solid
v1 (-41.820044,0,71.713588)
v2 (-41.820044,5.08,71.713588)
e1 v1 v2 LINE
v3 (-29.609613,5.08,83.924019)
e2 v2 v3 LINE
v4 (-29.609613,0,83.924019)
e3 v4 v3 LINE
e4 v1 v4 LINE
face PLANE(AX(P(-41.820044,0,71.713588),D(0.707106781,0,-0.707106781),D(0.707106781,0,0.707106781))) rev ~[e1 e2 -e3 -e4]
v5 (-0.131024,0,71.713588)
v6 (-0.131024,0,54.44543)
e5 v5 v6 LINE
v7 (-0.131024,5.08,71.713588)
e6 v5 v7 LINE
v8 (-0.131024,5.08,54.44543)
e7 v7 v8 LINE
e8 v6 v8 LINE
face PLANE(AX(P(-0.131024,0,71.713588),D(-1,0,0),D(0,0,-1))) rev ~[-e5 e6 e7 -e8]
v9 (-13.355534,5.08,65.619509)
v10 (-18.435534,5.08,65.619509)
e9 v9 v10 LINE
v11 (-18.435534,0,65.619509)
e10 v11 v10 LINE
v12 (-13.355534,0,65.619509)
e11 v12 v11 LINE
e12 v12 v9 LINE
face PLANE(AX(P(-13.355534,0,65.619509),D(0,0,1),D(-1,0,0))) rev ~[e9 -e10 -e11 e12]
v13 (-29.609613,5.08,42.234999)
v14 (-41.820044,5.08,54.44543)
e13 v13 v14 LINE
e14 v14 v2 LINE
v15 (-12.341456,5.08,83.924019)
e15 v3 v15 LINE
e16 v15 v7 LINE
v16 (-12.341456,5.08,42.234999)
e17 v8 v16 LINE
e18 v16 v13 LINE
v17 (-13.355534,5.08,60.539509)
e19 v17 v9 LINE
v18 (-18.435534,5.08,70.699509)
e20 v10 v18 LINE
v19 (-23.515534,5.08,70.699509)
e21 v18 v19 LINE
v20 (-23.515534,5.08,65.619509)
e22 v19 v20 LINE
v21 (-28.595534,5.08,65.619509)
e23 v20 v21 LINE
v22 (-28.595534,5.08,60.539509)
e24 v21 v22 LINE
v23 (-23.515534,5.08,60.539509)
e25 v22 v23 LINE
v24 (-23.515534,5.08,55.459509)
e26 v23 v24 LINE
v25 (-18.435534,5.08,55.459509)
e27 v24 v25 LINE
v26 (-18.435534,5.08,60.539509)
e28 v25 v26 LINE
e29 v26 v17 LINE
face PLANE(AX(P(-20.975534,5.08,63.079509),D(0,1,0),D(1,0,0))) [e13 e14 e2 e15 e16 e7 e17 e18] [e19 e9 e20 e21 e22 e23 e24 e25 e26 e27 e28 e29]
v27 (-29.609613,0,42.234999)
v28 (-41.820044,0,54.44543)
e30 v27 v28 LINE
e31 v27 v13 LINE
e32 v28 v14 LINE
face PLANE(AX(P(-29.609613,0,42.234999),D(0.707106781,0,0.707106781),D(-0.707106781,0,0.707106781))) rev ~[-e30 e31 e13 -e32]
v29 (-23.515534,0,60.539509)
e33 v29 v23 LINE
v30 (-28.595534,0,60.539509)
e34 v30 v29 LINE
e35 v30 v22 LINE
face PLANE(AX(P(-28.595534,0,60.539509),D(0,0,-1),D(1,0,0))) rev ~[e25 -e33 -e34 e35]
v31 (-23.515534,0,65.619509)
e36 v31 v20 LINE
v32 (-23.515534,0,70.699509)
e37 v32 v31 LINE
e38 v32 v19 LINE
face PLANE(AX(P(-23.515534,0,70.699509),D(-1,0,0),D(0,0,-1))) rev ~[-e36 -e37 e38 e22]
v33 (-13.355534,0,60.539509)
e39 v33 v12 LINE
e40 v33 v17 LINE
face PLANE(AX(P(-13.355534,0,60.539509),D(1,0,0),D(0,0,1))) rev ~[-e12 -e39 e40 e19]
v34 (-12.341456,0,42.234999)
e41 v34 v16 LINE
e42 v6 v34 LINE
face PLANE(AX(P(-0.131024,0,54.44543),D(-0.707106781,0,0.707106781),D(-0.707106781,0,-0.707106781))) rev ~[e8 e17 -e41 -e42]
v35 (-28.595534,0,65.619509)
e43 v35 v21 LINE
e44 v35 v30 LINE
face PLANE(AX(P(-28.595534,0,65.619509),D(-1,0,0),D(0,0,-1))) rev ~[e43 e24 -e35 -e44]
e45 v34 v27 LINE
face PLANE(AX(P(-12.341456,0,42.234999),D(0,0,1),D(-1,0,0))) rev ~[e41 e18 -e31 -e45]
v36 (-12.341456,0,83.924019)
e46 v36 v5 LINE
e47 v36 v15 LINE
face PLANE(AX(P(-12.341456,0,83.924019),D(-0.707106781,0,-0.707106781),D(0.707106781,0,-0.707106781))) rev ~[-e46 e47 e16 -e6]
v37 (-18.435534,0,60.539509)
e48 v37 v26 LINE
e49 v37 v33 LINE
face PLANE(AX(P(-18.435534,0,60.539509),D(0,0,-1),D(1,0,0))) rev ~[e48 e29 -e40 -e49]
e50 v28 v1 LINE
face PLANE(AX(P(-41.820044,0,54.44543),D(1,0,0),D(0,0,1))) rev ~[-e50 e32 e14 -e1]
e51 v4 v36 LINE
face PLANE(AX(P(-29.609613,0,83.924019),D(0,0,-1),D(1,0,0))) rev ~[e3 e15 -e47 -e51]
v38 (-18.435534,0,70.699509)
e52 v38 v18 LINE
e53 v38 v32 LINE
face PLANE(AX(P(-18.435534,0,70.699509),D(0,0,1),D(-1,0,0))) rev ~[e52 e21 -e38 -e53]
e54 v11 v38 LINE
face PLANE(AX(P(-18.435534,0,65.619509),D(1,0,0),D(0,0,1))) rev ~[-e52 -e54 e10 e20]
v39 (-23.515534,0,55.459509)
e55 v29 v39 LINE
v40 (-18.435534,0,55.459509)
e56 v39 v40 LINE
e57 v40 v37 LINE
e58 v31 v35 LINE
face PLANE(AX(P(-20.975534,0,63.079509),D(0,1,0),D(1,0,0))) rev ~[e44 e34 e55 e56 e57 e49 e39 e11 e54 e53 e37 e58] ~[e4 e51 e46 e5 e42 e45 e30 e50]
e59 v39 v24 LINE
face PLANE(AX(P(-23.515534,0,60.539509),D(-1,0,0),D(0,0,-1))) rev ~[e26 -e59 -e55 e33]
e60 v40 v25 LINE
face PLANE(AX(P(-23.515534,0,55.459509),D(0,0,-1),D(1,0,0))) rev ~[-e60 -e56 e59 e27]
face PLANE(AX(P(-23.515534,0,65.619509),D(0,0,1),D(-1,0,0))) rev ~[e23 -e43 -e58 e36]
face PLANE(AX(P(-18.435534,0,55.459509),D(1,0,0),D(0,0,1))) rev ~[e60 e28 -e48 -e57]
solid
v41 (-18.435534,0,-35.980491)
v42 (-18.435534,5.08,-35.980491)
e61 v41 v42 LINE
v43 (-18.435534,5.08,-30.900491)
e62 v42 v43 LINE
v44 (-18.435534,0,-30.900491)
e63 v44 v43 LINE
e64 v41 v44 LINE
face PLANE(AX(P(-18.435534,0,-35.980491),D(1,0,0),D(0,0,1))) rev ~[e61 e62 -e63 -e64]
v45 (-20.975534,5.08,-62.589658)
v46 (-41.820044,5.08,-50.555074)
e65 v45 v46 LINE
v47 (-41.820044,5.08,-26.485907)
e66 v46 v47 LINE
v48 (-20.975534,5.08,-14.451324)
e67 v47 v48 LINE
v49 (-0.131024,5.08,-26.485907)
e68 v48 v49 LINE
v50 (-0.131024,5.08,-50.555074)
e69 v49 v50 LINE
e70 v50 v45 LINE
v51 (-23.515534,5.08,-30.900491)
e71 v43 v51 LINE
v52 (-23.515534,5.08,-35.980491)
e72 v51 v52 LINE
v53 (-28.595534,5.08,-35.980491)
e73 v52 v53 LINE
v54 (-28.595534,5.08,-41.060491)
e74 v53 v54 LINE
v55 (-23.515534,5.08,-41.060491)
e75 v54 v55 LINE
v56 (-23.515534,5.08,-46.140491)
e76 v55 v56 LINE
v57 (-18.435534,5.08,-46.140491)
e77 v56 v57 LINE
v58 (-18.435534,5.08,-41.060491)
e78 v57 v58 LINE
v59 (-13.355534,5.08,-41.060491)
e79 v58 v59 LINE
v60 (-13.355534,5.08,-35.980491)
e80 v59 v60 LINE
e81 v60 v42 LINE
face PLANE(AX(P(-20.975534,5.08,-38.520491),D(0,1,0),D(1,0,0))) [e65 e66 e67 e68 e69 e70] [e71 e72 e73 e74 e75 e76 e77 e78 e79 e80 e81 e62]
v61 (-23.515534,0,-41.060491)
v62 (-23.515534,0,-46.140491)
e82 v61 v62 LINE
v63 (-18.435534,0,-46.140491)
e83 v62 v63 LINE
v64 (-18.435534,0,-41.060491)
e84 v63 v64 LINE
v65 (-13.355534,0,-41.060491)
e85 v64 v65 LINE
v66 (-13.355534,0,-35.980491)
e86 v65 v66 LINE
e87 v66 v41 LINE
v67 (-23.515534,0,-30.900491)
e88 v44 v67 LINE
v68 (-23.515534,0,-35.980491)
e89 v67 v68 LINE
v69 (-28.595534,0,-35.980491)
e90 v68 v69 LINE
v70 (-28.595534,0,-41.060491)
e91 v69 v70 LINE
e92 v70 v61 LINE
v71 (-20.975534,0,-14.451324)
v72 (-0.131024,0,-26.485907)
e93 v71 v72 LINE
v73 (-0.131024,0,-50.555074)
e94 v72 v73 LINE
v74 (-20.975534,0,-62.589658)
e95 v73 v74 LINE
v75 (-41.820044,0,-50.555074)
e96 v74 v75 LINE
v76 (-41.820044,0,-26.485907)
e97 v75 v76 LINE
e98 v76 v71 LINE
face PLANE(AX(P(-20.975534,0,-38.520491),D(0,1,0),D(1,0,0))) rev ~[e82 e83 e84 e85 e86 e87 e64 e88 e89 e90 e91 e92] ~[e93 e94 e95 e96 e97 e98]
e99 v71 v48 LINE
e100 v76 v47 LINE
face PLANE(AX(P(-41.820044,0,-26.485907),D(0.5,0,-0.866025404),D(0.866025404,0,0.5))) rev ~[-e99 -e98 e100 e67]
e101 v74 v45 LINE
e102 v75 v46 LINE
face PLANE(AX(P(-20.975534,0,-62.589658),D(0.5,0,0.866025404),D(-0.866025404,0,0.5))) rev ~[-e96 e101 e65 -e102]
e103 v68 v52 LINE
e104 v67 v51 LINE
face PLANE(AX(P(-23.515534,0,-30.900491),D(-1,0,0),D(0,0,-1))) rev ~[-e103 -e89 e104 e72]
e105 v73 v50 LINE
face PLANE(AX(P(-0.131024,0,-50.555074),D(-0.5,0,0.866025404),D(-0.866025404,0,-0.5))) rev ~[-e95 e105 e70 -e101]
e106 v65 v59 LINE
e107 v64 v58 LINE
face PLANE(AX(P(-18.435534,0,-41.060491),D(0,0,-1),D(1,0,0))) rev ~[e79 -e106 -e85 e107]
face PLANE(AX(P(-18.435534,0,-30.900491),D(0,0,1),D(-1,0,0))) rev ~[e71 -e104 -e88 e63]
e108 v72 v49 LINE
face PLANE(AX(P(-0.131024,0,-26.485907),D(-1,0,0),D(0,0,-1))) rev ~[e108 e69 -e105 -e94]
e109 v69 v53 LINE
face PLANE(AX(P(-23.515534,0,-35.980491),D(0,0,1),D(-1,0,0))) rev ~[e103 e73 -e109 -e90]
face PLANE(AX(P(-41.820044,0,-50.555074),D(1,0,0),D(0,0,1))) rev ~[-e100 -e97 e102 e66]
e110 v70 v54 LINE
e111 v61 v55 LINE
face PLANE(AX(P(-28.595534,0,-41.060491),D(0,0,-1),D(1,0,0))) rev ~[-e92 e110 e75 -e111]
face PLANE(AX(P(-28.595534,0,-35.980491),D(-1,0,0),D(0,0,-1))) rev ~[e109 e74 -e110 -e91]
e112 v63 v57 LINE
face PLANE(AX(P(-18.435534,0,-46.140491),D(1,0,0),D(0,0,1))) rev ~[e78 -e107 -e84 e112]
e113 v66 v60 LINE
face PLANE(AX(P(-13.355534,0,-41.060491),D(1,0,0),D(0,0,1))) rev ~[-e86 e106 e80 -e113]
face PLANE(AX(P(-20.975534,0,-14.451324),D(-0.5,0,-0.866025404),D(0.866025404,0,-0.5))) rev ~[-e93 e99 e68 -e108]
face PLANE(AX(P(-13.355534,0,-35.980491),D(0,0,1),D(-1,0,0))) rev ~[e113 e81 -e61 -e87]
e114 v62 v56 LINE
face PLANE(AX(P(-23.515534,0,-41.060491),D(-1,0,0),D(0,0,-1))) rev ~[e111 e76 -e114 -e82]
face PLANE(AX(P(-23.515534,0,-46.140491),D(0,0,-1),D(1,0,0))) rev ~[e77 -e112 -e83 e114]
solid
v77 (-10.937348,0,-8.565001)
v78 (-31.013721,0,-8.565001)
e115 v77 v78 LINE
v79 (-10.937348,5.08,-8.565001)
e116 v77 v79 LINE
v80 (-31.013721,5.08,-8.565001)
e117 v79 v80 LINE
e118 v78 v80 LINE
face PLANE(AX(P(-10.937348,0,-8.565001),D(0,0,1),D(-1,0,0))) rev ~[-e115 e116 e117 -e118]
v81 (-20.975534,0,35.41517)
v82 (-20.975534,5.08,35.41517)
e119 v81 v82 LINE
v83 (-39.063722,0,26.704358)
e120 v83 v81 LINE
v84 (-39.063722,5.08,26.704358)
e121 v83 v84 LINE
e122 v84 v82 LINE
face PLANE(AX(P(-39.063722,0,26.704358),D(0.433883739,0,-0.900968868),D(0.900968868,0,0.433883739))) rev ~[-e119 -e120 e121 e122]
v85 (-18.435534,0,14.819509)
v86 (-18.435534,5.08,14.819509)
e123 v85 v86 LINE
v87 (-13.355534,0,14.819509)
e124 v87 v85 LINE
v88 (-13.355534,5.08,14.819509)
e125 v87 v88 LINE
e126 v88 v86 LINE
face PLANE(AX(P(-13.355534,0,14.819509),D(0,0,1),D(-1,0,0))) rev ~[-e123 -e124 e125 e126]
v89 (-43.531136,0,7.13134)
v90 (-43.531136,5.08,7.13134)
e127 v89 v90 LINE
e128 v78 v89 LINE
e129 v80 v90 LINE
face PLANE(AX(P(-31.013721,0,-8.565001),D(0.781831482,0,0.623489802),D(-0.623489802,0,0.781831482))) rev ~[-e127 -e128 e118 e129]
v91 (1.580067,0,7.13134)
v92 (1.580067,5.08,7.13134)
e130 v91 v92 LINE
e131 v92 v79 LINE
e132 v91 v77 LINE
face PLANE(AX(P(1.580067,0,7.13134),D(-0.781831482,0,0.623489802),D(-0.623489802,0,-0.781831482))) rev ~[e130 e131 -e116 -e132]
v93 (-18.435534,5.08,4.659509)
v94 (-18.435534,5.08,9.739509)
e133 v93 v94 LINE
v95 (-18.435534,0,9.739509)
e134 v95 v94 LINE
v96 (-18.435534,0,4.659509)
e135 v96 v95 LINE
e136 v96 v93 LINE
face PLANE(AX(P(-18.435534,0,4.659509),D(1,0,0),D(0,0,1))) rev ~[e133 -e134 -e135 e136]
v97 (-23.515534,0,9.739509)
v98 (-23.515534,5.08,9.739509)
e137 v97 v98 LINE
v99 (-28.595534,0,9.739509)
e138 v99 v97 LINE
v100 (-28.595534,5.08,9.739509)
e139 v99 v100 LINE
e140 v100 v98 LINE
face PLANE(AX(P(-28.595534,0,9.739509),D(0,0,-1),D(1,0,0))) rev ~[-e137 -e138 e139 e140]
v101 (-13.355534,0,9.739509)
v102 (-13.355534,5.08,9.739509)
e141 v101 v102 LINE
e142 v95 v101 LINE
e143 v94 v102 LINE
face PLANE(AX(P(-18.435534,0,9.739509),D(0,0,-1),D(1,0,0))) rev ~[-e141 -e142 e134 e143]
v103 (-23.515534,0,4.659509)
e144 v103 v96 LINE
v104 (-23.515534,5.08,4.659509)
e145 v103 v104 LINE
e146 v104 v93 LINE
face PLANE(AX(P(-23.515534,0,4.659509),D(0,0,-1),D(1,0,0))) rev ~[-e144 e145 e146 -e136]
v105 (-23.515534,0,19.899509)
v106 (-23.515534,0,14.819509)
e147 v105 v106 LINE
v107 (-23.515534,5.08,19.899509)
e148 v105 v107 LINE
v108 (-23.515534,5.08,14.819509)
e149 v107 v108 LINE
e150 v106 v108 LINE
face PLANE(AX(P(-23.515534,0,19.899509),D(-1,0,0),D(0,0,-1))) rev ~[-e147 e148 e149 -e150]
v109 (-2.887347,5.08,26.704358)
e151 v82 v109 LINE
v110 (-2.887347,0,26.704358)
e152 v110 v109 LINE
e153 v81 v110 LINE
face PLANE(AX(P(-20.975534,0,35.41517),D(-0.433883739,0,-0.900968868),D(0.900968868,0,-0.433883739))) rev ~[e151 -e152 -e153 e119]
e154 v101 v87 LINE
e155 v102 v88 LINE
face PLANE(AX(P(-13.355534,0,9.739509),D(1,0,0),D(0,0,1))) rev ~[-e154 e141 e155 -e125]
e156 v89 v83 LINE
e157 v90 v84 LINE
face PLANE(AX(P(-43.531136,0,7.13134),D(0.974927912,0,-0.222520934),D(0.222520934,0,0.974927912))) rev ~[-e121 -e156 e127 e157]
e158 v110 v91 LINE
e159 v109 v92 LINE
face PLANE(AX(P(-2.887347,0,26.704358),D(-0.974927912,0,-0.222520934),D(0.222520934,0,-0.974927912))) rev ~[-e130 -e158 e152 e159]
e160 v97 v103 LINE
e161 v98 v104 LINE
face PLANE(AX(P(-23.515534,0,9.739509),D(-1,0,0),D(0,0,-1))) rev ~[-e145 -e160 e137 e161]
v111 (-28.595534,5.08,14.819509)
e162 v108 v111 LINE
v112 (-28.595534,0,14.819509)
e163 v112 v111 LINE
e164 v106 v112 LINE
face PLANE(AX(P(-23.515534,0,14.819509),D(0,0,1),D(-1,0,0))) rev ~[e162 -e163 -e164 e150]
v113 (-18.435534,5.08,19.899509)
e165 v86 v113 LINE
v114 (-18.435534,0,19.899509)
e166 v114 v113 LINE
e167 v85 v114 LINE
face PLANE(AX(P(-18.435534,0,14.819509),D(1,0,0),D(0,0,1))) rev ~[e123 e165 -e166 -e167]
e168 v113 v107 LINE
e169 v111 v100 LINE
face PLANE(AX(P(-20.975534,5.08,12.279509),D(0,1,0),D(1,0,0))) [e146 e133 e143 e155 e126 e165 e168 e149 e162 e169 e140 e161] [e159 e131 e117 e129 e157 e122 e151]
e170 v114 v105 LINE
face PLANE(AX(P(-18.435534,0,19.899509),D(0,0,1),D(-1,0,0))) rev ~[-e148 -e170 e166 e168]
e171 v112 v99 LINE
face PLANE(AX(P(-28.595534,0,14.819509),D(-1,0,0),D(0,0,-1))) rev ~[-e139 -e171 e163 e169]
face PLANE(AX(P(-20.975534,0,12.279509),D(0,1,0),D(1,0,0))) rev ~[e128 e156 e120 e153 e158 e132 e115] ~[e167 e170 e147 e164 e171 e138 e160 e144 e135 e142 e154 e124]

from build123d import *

# Parameters (mm, degrees)
BOSS_EXTRUDE1_DEPTH   = 5.08
BOSS_EXTRUDE1_2_DEPTH = 5.08
BOSS_EXTRUDE1_3_DEPTH = 5.08


with BuildPart() as part:
    # Sketch1 → Boss-Extrude1 (new body)
    with BuildSketch(Plane(origin=(0, 0, 0), x_dir=(1, 0, 0), z_dir=(0, 1, 0))):
        Polygon((-20.97553446, 14.451323935), (-0.13102446, 26.485907395), (-0.13102446, 50.555074314), (-20.97553446, 62.589657774), (-41.82004446, 50.555074314), (-41.82004446, 26.485907395), align=None)
        Polygon((-20.97553446, 46.140490854), (-18.43553446, 46.140490854), (-18.43553446, 41.060490854), (-13.35553446, 41.060490854), (-13.35553446, 38.520490854), (-13.35553446, 35.980490854), (-18.43553446, 35.980490854), (-18.43553446, 30.900490854), (-20.97553446, 30.900490854), (-23.51553446, 30.900490854), (-23.51553446, 35.980490854), (-28.59553446, 35.980490854), (-28.59553446, 38.520490854), (-28.59553446, 41.060490854), (-23.51553446, 41.060490854), (-23.51553446, 46.140490854), align=None, mode=Mode.SUBTRACT)
    extrude(amount=BOSS_EXTRUDE1_DEPTH)


with BuildPart() as body_2:
    # Sketch1 → Boss-Extrude1 2 (new body)
    with BuildSketch(Plane(origin=(0, 0, 0), x_dir=(1, 0, 0), z_dir=(0, 1, 0))):
        Polygon((-20.97553446, -35.415169813), (-2.887346582, -26.704357631), (1.580066892, -7.131340326), (-10.937347503, 8.565000854), (-31.013721418, 8.565000854), (-43.531135812, -7.131340326), (-39.063722338, -26.704357631), align=None)
        Polygon((-23.51553446, -14.819509146), (-28.59553446, -14.819509146), (-28.59553446, -12.279509146), (-28.59553446, -9.739509146), (-23.51553446, -9.739509146), (-23.51553446, -4.659509146), (-20.97553446, -4.659509146), (-18.43553446, -4.659509146), (-18.43553446, -9.739509146), (-13.35553446, -9.739509146), (-13.35553446, -12.279509146), (-13.35553446, -14.819509146), (-18.43553446, -14.819509146), (-18.43553446, -19.899509146), (-20.97553446, -19.899509146), (-23.51553446, -19.899509146), align=None, mode=Mode.SUBTRACT)
    extrude(amount=BOSS_EXTRUDE1_2_DEPTH)


with BuildPart() as body_3:
    # Sketch1 → Boss-Extrude1 3 (new body)
    with BuildSketch(Plane(origin=(0, 0, 0), x_dir=(1, 0, 0), z_dir=(0, 1, 0))):
        Polygon((-12.341455717, -42.234999146), (-29.609613203, -42.234999146), (-41.82004446, -54.445430403), (-41.82004446, -71.713587889), (-29.609613203, -83.924019146), (-12.341455717, -83.924019146), (-0.13102446, -71.713587889), (-0.13102446, -54.445430403), align=None)
        Polygon((-18.43553446, -65.619509146), (-18.43553446, -70.699509146), (-20.97553446, -70.699509146), (-23.51553446, -70.699509146), (-23.51553446, -65.619509146), (-28.59553446, -65.619509146), (-28.59553446, -63.079509146), (-28.59553446, -60.539509146), (-23.51553446, -60.539509146), (-23.51553446, -55.459509146), (-20.97553446, -55.459509146), (-18.43553446, -55.459509146), (-18.43553446, -60.539509146), (-13.35553446, -60.539509146), (-13.35553446, -63.079509146), (-13.35553446, -65.619509146), align=None, mode=Mode.SUBTRACT)
    extrude(amount=BOSS_EXTRUDE1_3_DEPTH)


solid = Compound([part.part, body_2.part, body_3.part])
